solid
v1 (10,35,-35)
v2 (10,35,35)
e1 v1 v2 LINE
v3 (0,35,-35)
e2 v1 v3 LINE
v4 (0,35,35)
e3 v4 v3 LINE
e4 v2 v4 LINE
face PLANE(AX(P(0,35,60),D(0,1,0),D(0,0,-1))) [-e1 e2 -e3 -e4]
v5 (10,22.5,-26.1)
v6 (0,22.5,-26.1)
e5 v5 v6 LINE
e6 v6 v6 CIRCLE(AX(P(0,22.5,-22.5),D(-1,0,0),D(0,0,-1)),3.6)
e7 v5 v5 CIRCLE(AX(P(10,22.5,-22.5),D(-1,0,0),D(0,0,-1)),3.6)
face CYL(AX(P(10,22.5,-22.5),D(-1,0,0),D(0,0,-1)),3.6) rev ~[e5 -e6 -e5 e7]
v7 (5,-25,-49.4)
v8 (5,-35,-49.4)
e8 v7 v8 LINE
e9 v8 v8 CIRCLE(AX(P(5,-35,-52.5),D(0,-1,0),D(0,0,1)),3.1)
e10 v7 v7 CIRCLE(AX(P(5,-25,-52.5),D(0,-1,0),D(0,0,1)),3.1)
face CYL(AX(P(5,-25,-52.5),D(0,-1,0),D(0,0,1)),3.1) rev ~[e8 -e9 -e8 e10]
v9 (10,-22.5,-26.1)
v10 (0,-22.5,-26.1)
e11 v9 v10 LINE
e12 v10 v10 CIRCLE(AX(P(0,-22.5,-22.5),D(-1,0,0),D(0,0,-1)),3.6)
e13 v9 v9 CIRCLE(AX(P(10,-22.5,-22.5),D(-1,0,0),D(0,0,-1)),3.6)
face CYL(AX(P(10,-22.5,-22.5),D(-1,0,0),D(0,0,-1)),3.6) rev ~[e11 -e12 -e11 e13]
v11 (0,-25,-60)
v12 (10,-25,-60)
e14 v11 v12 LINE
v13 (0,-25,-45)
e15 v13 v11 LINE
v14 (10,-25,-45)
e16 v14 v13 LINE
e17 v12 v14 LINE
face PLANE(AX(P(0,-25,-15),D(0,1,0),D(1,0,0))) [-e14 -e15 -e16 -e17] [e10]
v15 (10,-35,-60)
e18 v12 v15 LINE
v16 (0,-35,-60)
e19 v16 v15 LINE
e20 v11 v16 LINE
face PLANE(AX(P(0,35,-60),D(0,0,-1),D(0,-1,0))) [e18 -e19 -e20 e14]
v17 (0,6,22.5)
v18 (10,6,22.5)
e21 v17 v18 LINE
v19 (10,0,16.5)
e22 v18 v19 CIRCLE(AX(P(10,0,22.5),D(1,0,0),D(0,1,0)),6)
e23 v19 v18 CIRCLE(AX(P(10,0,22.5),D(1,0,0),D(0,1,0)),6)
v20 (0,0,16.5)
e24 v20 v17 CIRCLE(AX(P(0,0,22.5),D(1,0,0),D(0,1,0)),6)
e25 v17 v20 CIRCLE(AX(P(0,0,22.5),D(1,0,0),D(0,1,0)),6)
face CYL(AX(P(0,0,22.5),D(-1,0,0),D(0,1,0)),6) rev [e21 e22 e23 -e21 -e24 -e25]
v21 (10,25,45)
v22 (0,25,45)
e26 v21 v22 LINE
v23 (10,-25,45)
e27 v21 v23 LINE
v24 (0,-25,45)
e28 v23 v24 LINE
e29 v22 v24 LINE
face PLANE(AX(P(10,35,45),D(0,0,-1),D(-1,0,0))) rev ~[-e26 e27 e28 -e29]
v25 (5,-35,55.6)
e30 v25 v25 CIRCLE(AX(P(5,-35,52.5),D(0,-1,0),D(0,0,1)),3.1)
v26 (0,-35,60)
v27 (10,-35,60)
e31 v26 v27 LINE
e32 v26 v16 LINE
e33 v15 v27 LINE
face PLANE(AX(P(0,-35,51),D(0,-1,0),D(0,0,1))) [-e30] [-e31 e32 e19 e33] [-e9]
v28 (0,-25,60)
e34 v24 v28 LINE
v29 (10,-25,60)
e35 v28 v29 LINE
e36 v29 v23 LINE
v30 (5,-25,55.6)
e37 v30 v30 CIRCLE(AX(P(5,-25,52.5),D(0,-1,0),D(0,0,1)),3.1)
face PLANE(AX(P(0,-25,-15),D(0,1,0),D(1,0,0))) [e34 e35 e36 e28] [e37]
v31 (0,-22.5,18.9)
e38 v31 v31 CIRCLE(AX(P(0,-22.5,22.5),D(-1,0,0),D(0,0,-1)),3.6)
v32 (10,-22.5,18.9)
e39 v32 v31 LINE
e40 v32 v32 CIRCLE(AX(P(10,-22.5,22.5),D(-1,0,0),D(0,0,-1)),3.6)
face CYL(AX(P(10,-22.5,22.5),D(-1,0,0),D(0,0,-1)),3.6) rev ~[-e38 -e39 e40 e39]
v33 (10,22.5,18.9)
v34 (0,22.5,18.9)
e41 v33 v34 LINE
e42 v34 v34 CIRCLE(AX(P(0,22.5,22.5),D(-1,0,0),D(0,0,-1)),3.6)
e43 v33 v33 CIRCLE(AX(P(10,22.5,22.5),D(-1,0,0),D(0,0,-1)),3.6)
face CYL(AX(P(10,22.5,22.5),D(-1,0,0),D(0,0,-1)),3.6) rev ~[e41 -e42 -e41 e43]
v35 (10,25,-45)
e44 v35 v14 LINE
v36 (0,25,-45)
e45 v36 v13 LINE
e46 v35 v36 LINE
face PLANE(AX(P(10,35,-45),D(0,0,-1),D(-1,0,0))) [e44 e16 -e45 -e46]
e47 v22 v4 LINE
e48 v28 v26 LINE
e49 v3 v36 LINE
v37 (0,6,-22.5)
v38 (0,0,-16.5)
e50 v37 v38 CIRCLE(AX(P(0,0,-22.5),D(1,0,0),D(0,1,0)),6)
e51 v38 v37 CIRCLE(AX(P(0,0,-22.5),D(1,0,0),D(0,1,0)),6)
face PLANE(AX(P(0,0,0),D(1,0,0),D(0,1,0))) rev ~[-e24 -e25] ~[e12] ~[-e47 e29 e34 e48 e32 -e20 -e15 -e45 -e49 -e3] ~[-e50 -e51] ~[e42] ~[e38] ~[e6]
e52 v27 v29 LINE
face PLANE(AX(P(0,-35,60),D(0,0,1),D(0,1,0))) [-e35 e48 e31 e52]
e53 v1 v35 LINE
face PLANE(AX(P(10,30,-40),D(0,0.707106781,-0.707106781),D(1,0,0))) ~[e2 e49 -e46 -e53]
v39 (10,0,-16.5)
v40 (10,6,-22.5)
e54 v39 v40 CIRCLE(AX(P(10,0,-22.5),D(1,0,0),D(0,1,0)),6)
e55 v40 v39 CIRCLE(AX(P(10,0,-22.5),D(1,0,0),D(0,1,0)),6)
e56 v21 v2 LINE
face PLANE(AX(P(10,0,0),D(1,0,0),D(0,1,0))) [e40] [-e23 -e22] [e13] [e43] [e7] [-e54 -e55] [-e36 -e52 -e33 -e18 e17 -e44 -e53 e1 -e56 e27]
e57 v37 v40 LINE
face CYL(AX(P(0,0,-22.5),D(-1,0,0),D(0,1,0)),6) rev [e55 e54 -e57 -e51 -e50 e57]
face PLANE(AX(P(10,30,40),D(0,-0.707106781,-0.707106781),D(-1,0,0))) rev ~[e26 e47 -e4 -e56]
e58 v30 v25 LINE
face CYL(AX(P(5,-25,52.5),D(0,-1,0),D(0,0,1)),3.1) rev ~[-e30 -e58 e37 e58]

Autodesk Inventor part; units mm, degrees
ref_plane "YZ Plane" through (0, 0, 0) normal (1, 0, 0) x (0, 1, 0)
ref_plane "XZ Plane" through (0, 0, 0) normal (0, 1, 0) x (-1, 0, 0)
ref_plane "XY Plane" through (0, 0, 0) normal (0, 0, 1) x (1, 0, 0)
sketch "Sketch1" plane through (0, 0, 0) normal (1, 0, 0) x (0, 1, 0)
  line L0 (-35, 60) -> (35, 60)
  line L1 (35, 60) -> (35, -60)
  line L2 (35, -60) -> (-35, -60)
  line L3 (-35, -60) -> (-35, 60)
  line L4 (-35, 60) -> (35, -60) construction
  line L5 (35, 60) -> (-35, -60) construction
  line L6 (0, 60) -> (0, -60) construction
  line L7 (20, 60) -> (35, -15)
  line L8 (0, 22.5) -> (0, -22.5)
  line L9 (-35, 0) -> (35, 0) construction
  circle A0 centre (0, 22.5) radius 18 construction
  circle A1 centre (0, -22.5) radius 26 construction
  line L10 (-35, 51) -> (35, 51)
  circle A2 centre (0, 22.5) radius 6
  circle A3 centre (0, -22.5) radius 6
  point P0 (0, 0)
  point P1 (21.8, 51)
  dimension "d0" = 35
  dimension "d1" = 120
  dimension "d2" = 45
  dimension "d3" = 52
  dimension "d4" = 36
  dimension "d5" = 75
  dimension "d6" = 15
  dimension "d7" = 9
  dimension "d8" = 12
  dimension "d9" = 12
extrude "Extrusion1" add sketch "Sketch1" along normal blind 10
sketch "Sketch2" plane through (0, 35, -15) normal (0, 1, 0) x (1, 0, 0)
  line L0 (0, 45) -> (0, -75) construction
  line L1 (10, 45) -> (10, -75) projected
  line L2 (0, 45) -> (10, 45) projected
  line L3 (0, 0) -> (0, -66) projected
  line L4 (0, -66) -> (10, -66) construction
  line L5 (10, 0) -> (10, -66) projected
  line L6 (0, 0) -> (10, 0) projected
  line L7 (0, 45) -> (10, 45) projected
  line L8 (0, 45) -> (10, 45)
  line L9 (10, 45) -> (10, 30)
  line L10 (10, 30) -> (0, 30)
  line L11 (0, 30) -> (0, 45)
  line L12 (0, -75) -> (10, -75) projected
  line L13 (0, 45) -> (0, -75) projected
  line L14 (0, -75) -> (10, -75)
  line L15 (10, -75) -> (10, -60)
  line L16 (10, -60) -> (0, -60)
  line L17 (0, -60) -> (0, -75)
  point P0 (0, -15)
  point P1 (0, 30)
  point P2 (0, -60)
  dimension "d36" = 15
  dimension "d37" = 15
extrude "Extrusion2" cut sketch "Sketch2" against normal blind 60 contours L1 L10 L11 L2 | L1 L12 L13 L3 L16
sketch "Sketch3" plane through (10, 0, 0) normal (1, 0, 0) x (0, 0, -1)
  line L0 (45, 35) -> (-45, 35) projected
  line L1 (-60, -35) -> (60, -35) projected
  line L2 (60, -35) -> (60, -25) projected
  circle A0 centre (-22.5, 0) radius 6 projected
  circle A1 centre (22.5, 0) radius 6 projected
  line L3 (-22.5, 22.5) -> (-22.5, -22.5)
  line L4 (-22.5, 0) -> (22.5, 0) construction
  line L5 (22.5, 22.5) -> (22.5, -22.5)
  line L6 (-60, -25) -> (-60, -35) projected
  line L7 (45, -25) -> (45, 35) projected
  line L8 (-45, 35) -> (-45, -25) projected
  line L9 (-45, -25) -> (-60, -25) projected
  line L10 (60, -25) -> (45, -25) projected
  point P0 (0, 0)
  dimension "d16" = 45
hole "Hole1" at (10, 22.5, 22.5) at (10, -22.5, 22.5) at (10, 22.5, -22.5) at (10, -22.5, -22.5) direction (-1, 0, 0) diameter 7.2 end through all
sketch "Sketch4" plane through (0, -25, -15) normal (0, 1, 0) x (1, 0, 0)
  line L0 (0, 30) -> (0, 45) projected
  line L1 (10, -60) -> (10, -75) projected
  line L2 (10, 45) -> (10, 30) projected
  line L3 (0, 45) -> (10, 45) projected
  line L4 (0, 30) -> (0, 45) projected
  line L5 (10, 30) -> (0, 30) projected
  line L6 (5, -75) -> (5, 45)
  line L7 (10, 45) -> (10, 30) projected
  line L8 (0, 45) -> (10, 45) projected
  line L9 (10, 30) -> (0, 30) projected
  line L10 (0, -75) -> (0, -60) projected
  line L11 (10, -75) -> (0, -75) projected
  line L12 (0, -60) -> (10, -60) projected
  point P0 (0, -15)
  point P1 (5, -67.5)
  point P2 (5, 37.5)
  dimension "d24" = 7.5
  dimension "d38" = 7.5
hole "Hole2" at (5, -25, 52.5) at (5, -25, -52.5) direction (0, -1, 0) diameter 6.2 end through all
chamfer "Chamfer1" distance 10 angle 45 2 edges at (5, 35, -45) (5, 35, 45)
properties part number "22_Hop_so_ngang" material "Stainless Steel, Austenitic"
